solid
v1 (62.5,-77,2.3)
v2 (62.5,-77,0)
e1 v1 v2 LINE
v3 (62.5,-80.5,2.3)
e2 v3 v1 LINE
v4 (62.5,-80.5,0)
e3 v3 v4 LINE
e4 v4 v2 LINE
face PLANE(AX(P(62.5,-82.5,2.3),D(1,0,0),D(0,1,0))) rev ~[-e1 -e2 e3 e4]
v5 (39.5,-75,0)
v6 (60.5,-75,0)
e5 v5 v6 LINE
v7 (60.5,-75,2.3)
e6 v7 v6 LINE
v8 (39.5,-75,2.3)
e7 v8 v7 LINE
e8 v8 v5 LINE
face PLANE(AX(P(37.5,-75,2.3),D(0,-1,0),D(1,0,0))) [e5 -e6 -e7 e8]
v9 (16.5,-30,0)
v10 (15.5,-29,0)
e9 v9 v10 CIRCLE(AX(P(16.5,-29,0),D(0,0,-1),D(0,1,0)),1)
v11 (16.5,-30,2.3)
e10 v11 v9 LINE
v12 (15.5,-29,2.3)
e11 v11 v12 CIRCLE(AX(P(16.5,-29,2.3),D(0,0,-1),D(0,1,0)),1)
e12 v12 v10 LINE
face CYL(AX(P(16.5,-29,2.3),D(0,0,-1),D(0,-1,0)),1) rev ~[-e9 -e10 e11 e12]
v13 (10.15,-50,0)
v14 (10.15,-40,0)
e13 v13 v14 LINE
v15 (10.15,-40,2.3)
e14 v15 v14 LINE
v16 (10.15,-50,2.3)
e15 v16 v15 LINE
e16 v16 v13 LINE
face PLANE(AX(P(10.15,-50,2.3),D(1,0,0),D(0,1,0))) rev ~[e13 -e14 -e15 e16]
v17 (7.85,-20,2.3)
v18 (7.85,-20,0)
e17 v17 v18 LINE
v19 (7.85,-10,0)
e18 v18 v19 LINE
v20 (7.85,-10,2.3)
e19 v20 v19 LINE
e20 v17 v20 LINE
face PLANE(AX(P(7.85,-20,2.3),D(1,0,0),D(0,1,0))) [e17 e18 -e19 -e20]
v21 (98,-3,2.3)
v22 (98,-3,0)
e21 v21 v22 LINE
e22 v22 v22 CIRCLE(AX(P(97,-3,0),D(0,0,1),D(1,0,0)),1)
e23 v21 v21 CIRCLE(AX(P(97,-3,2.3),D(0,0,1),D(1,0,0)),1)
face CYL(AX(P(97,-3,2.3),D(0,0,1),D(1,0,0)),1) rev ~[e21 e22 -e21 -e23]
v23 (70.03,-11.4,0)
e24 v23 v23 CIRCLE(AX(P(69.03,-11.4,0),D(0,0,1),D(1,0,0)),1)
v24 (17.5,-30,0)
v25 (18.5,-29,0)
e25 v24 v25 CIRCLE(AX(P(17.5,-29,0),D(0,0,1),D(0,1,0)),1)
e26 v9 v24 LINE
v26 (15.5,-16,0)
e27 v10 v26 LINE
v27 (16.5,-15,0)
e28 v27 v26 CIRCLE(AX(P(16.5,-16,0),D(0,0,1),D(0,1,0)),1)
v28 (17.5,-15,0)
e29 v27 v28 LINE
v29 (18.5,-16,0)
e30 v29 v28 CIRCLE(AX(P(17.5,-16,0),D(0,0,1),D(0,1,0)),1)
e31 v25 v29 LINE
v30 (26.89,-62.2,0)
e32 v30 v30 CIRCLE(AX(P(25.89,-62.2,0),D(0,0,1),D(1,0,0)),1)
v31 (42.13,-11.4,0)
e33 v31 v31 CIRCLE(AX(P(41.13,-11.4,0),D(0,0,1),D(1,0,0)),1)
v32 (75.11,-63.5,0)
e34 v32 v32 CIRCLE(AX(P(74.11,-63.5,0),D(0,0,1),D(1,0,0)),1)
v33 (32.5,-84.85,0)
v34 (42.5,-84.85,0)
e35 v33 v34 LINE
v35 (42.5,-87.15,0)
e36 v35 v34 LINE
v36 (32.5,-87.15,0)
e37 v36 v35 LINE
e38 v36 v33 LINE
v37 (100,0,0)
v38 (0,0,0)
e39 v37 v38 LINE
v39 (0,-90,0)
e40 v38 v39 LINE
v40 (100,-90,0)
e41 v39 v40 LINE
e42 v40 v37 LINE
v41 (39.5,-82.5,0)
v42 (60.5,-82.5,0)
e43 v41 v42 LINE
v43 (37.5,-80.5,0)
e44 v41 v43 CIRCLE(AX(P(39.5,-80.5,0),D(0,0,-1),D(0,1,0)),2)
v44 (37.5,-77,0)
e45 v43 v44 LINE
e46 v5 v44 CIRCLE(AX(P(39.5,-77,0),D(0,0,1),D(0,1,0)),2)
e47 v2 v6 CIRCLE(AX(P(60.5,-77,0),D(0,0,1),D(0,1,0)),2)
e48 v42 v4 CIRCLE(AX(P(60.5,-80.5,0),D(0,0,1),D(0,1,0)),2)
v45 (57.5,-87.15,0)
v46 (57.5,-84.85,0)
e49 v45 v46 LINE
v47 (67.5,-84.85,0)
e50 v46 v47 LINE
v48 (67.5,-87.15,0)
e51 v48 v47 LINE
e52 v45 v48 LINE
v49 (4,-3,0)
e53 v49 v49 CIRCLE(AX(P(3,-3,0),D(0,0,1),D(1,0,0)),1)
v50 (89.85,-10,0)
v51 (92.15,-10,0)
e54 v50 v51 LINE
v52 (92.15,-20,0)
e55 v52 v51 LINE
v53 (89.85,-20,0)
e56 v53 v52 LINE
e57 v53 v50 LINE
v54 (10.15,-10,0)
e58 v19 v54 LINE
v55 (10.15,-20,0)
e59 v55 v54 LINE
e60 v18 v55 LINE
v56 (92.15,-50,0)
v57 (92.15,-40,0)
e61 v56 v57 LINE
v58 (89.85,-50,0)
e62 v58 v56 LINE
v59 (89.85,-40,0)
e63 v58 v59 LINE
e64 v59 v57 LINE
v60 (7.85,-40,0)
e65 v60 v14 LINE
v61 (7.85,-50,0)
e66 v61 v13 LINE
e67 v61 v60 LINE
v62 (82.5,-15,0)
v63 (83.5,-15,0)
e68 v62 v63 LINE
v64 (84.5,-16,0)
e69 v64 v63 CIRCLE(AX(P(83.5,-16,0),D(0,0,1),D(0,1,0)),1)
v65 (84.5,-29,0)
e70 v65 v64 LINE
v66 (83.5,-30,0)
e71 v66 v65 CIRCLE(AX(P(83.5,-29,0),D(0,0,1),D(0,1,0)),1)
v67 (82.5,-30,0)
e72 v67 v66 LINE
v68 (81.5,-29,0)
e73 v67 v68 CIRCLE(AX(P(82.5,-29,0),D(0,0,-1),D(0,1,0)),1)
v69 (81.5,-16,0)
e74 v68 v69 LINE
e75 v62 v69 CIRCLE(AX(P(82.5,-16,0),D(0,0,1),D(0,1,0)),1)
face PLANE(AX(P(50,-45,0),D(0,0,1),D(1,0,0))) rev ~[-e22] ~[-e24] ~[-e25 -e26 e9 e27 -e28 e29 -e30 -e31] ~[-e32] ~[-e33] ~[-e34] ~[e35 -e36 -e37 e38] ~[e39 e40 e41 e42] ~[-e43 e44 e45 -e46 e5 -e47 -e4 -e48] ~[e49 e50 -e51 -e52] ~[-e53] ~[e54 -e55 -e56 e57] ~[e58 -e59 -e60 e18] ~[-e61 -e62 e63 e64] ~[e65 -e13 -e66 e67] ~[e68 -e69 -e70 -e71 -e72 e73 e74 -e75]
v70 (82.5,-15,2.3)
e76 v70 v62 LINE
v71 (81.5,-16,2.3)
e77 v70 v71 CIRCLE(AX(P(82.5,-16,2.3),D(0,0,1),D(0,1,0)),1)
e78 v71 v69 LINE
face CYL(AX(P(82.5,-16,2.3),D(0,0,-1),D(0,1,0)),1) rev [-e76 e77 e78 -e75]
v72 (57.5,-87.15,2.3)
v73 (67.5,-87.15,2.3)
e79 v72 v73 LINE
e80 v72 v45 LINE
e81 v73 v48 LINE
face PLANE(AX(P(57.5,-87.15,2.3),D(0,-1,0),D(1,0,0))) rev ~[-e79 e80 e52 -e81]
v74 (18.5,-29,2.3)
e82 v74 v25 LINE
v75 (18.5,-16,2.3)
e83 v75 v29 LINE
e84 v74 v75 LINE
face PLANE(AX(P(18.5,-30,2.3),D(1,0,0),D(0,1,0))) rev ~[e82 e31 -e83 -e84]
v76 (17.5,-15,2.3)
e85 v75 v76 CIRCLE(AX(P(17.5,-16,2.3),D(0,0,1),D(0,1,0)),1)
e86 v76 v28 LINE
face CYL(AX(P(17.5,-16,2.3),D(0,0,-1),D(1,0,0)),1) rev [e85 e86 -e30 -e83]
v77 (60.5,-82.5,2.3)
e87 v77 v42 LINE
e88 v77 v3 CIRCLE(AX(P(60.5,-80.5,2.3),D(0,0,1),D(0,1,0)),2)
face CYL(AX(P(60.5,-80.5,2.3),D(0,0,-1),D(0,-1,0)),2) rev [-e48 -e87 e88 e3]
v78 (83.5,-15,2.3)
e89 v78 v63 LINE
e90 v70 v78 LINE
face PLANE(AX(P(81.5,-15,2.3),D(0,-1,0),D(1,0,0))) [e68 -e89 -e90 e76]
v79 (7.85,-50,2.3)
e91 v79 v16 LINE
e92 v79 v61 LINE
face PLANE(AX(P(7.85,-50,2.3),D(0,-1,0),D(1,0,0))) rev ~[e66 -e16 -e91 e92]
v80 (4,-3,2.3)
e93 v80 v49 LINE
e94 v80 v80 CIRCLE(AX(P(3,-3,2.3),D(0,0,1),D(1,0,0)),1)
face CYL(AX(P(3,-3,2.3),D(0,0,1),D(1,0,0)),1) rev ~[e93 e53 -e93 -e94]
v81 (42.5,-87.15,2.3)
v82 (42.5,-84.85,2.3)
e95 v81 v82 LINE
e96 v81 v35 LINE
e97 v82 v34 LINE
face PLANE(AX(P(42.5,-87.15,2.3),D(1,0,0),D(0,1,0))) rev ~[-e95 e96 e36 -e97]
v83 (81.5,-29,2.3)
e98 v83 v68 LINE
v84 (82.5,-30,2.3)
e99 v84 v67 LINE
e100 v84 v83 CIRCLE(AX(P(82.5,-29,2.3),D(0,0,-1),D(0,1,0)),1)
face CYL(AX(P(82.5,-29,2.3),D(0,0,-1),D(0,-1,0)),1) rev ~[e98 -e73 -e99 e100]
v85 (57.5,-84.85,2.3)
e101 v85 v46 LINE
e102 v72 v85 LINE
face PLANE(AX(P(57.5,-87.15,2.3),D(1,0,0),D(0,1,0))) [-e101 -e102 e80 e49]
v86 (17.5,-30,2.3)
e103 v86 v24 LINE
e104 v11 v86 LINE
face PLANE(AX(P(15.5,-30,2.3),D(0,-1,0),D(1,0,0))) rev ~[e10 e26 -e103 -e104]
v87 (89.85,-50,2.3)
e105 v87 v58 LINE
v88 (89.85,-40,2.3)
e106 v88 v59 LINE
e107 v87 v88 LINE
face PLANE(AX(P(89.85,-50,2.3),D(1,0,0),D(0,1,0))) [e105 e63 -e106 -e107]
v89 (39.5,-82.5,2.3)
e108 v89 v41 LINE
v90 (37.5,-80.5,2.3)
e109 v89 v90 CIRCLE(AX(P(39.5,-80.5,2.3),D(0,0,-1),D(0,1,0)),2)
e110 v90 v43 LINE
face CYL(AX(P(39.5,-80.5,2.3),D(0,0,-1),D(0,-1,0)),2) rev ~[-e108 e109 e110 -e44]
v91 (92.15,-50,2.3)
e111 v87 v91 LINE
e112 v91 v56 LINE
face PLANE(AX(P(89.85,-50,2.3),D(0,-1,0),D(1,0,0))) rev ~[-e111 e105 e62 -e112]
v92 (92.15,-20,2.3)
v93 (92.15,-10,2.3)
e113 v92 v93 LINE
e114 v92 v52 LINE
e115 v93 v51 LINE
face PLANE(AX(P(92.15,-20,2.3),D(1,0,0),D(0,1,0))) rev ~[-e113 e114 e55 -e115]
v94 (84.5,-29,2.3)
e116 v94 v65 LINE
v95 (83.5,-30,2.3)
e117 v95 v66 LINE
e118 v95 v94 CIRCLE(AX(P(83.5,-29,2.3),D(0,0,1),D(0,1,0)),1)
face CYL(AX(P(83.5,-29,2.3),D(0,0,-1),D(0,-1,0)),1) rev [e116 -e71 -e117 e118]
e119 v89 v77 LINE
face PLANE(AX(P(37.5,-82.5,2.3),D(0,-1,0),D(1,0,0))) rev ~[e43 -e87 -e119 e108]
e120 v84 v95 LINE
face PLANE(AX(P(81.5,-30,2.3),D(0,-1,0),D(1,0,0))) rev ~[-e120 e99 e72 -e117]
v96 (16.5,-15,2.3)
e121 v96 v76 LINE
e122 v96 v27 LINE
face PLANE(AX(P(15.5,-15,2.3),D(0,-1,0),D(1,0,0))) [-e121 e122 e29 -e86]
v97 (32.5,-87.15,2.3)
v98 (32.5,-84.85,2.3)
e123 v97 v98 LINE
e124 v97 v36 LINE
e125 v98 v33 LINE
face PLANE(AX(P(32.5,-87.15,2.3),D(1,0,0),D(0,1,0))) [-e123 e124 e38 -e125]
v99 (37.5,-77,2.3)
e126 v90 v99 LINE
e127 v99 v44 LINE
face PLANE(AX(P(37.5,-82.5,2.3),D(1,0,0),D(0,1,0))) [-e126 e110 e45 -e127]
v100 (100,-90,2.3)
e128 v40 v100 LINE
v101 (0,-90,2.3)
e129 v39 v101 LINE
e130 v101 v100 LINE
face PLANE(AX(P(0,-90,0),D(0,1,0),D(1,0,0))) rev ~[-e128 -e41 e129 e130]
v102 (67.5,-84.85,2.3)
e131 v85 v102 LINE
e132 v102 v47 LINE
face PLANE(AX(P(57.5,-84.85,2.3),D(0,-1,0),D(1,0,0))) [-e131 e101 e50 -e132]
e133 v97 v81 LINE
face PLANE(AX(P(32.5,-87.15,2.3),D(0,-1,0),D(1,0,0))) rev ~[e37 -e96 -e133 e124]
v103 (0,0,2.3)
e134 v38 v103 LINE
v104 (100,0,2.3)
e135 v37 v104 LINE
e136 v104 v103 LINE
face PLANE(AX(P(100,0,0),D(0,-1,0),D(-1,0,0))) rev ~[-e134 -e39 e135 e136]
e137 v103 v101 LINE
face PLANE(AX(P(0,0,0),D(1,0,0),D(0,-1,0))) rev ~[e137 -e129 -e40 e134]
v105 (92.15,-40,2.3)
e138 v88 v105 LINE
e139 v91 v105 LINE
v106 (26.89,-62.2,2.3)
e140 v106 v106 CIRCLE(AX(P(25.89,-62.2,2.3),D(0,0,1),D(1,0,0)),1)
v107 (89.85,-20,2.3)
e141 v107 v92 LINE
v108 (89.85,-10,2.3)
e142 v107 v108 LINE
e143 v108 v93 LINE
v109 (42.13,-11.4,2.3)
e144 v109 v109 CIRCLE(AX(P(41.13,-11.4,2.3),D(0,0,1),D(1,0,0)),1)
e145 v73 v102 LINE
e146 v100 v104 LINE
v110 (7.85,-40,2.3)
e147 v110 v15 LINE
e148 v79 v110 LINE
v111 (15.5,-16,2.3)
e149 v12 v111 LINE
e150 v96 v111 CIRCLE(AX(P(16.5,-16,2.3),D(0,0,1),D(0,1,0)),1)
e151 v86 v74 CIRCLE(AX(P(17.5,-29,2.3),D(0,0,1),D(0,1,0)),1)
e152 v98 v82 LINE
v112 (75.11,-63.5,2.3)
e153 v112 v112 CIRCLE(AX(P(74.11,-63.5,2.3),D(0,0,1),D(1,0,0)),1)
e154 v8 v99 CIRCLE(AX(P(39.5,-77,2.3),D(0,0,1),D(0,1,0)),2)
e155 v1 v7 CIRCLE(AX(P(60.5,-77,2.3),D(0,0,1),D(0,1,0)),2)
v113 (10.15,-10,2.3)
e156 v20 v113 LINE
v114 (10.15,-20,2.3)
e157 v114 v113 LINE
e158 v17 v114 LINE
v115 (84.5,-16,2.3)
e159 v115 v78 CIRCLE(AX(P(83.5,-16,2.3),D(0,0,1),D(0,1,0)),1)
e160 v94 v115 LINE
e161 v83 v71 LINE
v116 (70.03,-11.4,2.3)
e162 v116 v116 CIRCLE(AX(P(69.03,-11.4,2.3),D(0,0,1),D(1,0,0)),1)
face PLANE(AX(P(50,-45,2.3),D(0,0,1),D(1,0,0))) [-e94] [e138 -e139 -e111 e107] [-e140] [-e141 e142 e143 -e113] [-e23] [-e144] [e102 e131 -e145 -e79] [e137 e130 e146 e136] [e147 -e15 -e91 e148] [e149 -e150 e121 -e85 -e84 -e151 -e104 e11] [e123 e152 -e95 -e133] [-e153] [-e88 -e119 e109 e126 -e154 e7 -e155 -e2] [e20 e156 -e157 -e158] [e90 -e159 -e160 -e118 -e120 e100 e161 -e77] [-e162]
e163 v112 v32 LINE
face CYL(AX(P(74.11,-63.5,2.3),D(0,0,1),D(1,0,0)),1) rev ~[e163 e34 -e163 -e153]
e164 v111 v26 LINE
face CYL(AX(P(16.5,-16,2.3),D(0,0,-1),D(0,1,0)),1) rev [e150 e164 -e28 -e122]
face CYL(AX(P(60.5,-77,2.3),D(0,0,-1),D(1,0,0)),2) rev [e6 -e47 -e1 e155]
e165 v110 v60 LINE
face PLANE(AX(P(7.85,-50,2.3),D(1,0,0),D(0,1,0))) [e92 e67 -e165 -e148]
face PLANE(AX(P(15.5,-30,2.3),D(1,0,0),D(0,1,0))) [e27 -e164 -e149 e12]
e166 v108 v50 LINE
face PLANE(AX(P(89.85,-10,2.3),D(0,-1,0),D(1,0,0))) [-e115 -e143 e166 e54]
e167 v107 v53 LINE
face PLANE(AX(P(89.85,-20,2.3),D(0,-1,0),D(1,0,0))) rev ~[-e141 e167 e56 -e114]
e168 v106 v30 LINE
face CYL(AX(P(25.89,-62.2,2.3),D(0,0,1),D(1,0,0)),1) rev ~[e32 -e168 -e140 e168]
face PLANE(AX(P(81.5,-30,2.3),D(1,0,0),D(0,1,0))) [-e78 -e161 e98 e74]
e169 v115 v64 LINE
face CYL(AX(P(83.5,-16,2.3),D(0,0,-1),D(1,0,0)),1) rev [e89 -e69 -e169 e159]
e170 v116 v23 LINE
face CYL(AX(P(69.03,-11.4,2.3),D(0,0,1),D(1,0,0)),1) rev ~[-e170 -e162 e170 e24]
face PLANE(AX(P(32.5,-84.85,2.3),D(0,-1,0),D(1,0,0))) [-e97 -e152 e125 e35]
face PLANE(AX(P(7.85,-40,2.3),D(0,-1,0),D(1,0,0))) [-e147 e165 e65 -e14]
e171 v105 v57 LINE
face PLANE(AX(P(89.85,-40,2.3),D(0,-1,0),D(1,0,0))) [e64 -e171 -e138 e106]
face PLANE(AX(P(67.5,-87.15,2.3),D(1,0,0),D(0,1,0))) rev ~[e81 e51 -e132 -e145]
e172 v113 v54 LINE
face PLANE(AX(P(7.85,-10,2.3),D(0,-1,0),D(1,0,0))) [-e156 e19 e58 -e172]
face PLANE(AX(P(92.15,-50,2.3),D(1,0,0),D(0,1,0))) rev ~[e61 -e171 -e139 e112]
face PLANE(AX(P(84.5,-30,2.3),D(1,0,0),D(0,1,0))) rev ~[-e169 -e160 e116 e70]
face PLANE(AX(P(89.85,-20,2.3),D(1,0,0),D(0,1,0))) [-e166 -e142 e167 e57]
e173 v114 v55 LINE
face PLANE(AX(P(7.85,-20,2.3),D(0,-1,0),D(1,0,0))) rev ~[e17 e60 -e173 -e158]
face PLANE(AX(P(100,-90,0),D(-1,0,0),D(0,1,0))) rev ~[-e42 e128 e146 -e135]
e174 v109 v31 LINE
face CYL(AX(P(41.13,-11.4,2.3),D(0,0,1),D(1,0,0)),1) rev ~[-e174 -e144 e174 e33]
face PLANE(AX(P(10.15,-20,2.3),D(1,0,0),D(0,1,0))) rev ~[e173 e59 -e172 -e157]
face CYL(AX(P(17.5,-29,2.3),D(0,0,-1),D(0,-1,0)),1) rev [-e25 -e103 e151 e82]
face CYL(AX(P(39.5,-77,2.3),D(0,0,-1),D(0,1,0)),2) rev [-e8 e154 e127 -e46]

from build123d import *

# Parameters (mm, degrees)
BOSS_EXTRUDE1_DEPTH = 2.3
SKETCH7_W           = 2.3
SKETCH7_H           = 10
SKETCH7_W_2         = 10
SKETCH7_H_2         = 2.3
CUT_EXTRUDE2_DEPTH  = 3.3
SKETCH9_R           = 1
CUT_EXTRUDE4_DEPTH  = 3.3
SKETCH10_W          = 3
SKETCH10_H          = 15
SKETCH10_W_2        = 25
SKETCH10_H_2        = 7.5
CUT_EXTRUDE5_DEPTH  = 3.3
FILLET2_R           = 1
FILLET3_R           = 2


with BuildPart() as part:
    # Sketch1 → Boss-Extrude1 (new body)
    with BuildSketch(Plane.XY):
        Polygon((0, -57), (0, -90), (23, -90), (77, -90), (100, -90), (100, -57), (100, 0), (0, 0), align=None)
    extrude(amount=BOSS_EXTRUDE1_DEPTH)

    # Sketch7 → Cut-Extrude2 (cut, through all)
    with BuildSketch(Plane.XY.offset(2.3)):
        with Locations((91, -15)):
            Rectangle(SKETCH7_W, SKETCH7_H)
        with Locations((91, -45)):
            Rectangle(SKETCH7_W, SKETCH7_H)
        with Locations((9, -15)):
            Rectangle(SKETCH7_W, SKETCH7_H)
        with Locations((9, -45)):
            Rectangle(SKETCH7_W, SKETCH7_H)
        with Locations((37.5, -86)):
            Rectangle(SKETCH7_W_2, SKETCH7_H_2)
        with Locations((62.5, -86)):
            Rectangle(SKETCH7_W_2, SKETCH7_H_2)
    extrude(amount=-CUT_EXTRUDE2_DEPTH, mode=Mode.SUBTRACT)

    # Sketch9 → Cut-Extrude4 (cut, through all)
    with BuildSketch(Plane.XY.offset(2.3)):
        with Locations((3, -3)):
            Circle(SKETCH9_R)
        with Locations((97, -3)):
            Circle(SKETCH9_R)
        with Locations((41.13, -11.4)):
            Circle(SKETCH9_R)
        with Locations((69.03, -11.4)):
            Circle(SKETCH9_R)
        with Locations((25.89, -62.2)):
            Circle(SKETCH9_R)
        with Locations((74.11, -63.5)):
            Circle(SKETCH9_R)
    extrude(amount=-CUT_EXTRUDE4_DEPTH, mode=Mode.SUBTRACT)

    # Sketch10 → Cut-Extrude5 (cut, through all)
    with BuildSketch(Plane.XY.offset(2.3)):
        with Locations((17, -22.5)):
            Rectangle(SKETCH10_W, SKETCH10_H)
        with Locations((83, -22.5)):
            Rectangle(SKETCH10_W, SKETCH10_H)
        with Locations((50, -78.75)):
            Rectangle(SKETCH10_W_2, SKETCH10_H_2)
    extrude(amount=-CUT_EXTRUDE5_DEPTH, mode=Mode.SUBTRACT)

    # Fillet2
    fillet2_edges = [part.edges().sort_by_distance(p)[0] for p in [
        (15.5, -30, 1.15),
        (15.5, -15, 1.15),
        (18.5, -15, 1.15),
        (18.5, -30, 1.15),
        (81.5, -30, 1.15),
        (81.5, -15, 1.15),
        (84.5, -15, 1.15),
        (84.5, -30, 1.15),
    ]]
    fillet(fillet2_edges, radius=FILLET2_R)

    # Fillet3
    fillet3_edges = [part.edges().sort_by_distance(p)[0] for p in [
        (37.5, -82.5, 1.15),
        (37.5, -75, 1.15),
        (62.5, -75, 1.15),
        (62.5, -82.5, 1.15),
    ]]
    fillet(fillet3_edges, radius=FILLET3_R)


solid = part.part
